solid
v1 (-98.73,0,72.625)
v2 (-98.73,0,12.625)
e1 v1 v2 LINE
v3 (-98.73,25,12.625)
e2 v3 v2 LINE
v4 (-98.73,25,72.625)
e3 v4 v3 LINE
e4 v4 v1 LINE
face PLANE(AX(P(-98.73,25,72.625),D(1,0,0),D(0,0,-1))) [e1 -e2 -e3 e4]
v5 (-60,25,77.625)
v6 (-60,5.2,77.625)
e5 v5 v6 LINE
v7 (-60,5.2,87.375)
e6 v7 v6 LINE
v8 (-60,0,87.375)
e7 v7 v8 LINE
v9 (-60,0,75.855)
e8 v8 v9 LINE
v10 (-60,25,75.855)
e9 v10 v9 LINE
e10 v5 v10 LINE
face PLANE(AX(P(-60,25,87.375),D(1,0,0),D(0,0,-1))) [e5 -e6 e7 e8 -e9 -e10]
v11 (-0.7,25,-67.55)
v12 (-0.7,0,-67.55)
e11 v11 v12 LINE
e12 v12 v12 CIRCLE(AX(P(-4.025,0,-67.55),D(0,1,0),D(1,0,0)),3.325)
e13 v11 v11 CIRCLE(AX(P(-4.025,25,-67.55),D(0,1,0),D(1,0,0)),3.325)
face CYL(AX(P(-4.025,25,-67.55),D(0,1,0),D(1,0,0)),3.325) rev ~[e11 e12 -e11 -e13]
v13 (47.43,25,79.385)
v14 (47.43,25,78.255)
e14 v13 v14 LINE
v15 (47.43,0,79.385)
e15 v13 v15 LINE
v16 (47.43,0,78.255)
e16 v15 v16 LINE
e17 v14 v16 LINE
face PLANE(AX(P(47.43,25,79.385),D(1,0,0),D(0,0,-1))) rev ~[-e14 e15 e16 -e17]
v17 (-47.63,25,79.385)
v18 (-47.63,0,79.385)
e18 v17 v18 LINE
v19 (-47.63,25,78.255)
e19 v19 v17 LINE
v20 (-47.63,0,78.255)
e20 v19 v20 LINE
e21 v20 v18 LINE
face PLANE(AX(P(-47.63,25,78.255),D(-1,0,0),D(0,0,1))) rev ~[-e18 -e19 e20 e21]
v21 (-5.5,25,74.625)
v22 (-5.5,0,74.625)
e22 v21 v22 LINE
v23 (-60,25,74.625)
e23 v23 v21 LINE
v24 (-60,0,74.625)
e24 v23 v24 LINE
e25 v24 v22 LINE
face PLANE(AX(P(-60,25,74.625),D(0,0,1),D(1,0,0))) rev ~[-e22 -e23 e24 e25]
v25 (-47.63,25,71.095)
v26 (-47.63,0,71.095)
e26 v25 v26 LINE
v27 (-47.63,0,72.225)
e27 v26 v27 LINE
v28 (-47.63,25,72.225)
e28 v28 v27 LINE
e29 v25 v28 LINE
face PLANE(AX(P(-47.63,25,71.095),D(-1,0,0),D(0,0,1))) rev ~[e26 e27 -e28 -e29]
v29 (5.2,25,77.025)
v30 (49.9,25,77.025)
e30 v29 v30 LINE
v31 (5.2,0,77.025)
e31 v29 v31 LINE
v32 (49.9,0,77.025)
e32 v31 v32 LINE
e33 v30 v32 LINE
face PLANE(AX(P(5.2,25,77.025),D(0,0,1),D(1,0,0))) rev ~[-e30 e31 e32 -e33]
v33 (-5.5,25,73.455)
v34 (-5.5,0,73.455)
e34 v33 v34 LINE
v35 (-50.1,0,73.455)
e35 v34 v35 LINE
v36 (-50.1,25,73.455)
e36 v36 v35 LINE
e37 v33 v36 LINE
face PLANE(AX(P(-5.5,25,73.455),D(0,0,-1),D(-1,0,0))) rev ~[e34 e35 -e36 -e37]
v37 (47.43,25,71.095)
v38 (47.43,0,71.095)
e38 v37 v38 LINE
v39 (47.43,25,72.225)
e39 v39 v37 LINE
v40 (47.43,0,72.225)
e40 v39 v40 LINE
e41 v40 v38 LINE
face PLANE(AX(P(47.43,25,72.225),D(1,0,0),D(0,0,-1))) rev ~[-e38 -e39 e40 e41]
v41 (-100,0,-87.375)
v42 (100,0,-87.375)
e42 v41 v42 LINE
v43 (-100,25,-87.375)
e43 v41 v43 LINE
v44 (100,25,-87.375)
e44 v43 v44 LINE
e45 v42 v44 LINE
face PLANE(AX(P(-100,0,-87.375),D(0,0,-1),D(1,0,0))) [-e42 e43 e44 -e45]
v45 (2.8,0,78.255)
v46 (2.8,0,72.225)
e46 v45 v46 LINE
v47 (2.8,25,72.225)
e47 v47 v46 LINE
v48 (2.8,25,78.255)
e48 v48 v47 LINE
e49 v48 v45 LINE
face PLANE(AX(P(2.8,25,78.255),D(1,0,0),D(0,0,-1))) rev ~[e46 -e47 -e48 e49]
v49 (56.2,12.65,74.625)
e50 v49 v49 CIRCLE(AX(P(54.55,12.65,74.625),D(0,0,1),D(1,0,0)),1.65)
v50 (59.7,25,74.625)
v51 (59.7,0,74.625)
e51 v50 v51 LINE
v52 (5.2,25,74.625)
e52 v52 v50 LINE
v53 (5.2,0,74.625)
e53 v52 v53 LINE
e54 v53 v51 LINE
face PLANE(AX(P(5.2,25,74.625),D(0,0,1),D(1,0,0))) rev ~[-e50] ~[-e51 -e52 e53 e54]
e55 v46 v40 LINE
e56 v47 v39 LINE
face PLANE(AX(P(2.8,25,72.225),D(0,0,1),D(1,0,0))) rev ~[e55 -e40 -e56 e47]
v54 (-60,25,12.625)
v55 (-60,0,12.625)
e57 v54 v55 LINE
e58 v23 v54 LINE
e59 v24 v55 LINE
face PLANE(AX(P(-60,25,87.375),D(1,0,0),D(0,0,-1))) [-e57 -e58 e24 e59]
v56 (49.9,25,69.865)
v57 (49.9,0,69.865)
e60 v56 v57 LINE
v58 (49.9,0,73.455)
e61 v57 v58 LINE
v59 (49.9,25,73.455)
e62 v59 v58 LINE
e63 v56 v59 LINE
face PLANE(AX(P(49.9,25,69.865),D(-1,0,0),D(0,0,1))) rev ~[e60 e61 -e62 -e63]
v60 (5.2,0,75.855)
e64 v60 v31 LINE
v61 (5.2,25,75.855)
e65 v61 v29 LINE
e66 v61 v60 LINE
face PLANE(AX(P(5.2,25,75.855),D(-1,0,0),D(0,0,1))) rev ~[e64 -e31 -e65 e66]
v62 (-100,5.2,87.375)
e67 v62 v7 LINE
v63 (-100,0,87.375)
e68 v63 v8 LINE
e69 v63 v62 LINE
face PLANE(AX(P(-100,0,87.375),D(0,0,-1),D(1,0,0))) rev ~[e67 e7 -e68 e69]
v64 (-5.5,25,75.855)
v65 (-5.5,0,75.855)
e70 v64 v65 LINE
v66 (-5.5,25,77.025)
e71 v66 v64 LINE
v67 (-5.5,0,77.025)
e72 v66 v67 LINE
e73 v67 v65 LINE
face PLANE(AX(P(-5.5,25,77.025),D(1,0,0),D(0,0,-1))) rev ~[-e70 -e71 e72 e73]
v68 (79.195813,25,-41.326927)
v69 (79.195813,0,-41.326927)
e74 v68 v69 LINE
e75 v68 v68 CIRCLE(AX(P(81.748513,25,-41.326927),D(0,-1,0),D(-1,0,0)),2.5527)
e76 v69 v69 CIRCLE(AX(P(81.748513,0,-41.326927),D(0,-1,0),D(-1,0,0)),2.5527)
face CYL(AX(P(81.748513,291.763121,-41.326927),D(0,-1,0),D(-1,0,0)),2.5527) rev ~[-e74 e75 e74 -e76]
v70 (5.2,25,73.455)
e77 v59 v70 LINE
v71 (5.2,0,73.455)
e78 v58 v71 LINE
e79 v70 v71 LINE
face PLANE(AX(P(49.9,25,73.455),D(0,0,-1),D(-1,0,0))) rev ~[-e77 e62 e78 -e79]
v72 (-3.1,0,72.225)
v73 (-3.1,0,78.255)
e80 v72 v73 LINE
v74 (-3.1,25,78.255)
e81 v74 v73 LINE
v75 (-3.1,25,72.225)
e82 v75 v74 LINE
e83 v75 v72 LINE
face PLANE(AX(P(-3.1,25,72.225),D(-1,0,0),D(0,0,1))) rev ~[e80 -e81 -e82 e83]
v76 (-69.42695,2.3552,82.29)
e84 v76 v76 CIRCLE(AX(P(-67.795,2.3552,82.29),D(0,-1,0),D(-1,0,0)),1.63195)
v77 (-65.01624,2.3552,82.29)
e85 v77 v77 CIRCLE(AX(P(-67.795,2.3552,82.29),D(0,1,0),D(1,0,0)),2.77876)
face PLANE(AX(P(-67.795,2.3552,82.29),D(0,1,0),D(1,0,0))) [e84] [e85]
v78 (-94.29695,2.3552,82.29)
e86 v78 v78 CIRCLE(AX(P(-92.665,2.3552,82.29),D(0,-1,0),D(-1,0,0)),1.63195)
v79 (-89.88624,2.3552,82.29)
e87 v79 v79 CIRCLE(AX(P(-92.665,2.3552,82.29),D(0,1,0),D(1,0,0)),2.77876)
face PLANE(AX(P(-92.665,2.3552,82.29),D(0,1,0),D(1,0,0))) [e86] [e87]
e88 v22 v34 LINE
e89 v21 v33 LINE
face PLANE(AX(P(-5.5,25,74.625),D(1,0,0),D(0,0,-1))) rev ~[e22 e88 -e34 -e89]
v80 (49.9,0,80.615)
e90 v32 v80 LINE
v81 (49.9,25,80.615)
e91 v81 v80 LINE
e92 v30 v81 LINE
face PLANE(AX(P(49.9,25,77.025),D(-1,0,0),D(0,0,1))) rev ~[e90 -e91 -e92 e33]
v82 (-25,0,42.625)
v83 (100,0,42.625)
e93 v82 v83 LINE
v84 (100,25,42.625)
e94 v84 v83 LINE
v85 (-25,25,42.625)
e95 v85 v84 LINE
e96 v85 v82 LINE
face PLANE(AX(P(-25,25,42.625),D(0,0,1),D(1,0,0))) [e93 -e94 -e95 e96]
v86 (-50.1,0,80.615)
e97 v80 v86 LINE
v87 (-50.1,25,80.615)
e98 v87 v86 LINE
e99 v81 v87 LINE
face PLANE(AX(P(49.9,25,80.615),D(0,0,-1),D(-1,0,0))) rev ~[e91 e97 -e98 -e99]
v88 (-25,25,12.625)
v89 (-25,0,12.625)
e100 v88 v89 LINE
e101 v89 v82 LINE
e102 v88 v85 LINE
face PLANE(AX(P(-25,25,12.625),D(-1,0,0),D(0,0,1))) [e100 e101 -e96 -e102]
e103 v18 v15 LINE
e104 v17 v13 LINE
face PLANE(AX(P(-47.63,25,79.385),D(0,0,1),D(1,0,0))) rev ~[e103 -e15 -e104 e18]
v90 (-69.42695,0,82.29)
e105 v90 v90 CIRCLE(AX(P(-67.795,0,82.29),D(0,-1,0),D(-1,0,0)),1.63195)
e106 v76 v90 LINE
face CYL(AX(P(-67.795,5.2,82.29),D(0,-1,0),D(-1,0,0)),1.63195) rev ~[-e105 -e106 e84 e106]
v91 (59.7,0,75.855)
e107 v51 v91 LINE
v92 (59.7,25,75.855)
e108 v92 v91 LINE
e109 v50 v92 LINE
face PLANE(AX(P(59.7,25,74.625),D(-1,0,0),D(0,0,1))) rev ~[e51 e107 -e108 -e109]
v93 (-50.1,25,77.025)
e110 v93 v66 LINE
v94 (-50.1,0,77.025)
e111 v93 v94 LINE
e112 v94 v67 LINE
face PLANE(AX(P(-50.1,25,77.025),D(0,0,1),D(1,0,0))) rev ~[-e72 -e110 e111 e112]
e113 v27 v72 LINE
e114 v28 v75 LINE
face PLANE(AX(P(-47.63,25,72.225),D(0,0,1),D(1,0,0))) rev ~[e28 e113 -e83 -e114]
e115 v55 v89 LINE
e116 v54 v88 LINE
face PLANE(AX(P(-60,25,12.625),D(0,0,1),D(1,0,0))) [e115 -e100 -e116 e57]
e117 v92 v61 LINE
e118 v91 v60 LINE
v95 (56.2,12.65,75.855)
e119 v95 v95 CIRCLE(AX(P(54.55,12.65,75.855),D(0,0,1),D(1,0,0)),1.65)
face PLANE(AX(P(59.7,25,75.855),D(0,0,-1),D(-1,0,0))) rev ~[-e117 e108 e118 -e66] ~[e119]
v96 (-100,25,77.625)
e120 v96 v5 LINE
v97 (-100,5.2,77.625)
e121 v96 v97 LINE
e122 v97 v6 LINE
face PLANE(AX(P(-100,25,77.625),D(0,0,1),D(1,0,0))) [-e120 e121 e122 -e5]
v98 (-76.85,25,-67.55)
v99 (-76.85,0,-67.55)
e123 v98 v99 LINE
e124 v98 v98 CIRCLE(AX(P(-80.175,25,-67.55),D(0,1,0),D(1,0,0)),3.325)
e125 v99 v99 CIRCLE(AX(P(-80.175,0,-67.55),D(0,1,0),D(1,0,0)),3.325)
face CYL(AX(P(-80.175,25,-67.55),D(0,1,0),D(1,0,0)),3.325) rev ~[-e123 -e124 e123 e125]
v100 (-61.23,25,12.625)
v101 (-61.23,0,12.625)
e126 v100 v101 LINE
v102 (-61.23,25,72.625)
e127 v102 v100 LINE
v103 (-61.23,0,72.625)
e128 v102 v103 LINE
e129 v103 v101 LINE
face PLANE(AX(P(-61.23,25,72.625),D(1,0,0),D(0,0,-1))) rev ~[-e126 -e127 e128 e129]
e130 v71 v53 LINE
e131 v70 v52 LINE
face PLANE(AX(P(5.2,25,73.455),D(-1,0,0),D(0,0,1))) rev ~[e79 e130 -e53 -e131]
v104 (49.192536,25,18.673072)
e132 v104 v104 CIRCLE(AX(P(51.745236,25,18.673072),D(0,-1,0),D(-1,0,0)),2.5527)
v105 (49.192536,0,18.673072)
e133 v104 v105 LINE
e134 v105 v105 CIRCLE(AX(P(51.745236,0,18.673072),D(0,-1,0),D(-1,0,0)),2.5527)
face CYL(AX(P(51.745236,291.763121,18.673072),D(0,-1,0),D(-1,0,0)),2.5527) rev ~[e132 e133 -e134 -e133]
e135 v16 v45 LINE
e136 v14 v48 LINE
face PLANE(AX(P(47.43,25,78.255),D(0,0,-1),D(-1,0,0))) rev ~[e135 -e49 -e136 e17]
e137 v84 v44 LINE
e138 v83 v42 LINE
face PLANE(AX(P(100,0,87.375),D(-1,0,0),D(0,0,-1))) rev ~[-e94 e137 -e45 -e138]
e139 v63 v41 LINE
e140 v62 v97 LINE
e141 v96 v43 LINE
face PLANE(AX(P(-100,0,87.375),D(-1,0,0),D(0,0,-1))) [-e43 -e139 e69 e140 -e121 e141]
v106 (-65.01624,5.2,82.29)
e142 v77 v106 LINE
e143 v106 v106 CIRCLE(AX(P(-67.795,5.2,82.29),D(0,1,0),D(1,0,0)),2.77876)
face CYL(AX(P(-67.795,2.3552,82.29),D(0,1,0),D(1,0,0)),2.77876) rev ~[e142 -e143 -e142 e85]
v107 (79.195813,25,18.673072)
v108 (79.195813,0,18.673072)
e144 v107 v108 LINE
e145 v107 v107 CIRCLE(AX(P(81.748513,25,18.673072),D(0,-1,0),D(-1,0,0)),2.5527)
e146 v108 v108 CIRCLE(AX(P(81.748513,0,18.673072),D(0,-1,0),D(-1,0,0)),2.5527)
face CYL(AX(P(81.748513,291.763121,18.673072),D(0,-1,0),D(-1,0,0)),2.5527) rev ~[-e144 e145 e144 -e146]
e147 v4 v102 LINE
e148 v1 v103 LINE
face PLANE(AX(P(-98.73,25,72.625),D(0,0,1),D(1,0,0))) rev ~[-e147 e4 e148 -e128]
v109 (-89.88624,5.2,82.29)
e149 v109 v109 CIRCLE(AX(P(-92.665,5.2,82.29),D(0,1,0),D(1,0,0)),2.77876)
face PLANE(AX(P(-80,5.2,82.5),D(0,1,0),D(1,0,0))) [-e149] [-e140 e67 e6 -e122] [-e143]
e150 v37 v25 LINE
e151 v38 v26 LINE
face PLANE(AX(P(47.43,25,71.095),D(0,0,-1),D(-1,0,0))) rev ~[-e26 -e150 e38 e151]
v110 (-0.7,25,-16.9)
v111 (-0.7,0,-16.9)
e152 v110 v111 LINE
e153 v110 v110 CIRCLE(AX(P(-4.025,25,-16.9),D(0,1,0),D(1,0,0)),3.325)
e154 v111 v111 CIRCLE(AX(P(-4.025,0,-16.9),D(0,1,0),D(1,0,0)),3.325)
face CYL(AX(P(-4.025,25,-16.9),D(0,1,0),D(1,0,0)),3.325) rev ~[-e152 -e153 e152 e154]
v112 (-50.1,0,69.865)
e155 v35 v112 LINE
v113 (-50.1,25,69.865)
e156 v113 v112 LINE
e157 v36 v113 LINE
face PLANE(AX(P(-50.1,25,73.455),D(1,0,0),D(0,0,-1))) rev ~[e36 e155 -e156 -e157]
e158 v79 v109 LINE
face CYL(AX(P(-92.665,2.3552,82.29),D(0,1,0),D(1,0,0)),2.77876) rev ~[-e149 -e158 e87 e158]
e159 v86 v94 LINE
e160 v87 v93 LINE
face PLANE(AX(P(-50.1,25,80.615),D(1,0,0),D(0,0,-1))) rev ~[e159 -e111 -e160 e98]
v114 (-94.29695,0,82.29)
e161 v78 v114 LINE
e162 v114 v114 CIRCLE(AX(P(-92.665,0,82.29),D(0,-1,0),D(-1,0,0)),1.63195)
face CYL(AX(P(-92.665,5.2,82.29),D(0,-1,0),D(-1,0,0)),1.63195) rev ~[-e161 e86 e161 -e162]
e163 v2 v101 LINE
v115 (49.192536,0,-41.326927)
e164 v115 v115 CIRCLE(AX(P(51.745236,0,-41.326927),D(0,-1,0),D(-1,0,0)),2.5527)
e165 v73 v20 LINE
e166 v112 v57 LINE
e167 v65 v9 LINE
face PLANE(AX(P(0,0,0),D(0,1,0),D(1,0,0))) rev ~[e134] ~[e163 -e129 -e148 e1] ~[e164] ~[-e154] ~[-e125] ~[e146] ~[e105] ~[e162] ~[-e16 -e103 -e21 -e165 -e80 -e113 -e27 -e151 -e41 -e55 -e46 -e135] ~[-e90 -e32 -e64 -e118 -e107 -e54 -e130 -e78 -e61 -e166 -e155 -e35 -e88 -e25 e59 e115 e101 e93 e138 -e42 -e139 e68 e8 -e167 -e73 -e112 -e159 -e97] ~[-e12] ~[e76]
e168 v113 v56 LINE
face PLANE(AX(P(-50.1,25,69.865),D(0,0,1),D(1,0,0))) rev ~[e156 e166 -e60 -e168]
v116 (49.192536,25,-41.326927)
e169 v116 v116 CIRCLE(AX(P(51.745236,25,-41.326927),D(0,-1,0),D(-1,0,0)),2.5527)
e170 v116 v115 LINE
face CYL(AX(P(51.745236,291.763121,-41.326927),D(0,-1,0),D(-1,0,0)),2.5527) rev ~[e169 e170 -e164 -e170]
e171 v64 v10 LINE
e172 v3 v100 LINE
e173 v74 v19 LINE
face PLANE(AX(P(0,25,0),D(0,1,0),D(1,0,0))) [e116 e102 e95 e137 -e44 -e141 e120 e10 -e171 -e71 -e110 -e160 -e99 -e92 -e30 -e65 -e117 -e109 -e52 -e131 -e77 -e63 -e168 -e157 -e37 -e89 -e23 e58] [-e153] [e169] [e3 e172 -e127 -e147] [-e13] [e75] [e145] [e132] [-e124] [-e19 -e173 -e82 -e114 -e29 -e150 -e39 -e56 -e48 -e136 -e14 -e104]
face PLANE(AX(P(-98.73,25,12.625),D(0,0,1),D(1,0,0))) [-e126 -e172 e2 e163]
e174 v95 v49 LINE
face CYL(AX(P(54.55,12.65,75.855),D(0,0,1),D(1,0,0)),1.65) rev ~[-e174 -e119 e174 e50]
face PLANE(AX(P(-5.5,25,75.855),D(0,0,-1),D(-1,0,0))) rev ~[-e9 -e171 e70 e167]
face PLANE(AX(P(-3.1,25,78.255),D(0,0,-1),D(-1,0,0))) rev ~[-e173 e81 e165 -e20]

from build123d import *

# Parameters (mm, degrees)
SKETCH1_W                                      = 200
SKETCH1_H                                      = 174.75
BOSS_EXTRUDE1_DEPTH                            = 25
SKETCH2_W                                      = 40
SKETCH2_H                                      = 9.75
CUT_EXTRUDE1_DEPTH                             = 19.8
SKETCH3_W                                      = 37.5
SKETCH3_H                                      = 60
CUT_EXTRUDE2_DEPTH                             = 26
BOSS_EXTRUDE2_DEPTH                            = 25
SKETCH5_R                                      = 1.65
CUT_EXTRUDE3_DEPTH                             = 1.23
SKETCH6_R                                      = 3.325
CUT_EXTRUDE4_DEPTH                             = 26
SKETCH7_R                                      = 0.685
CUT_EXTRUDE5_DEPTH                             = 6.2
F_1_4_20_TAPPED_HOLE1_D                        = 5.1054
CBORE_FOR_4_SOCKET_HEAD_CAP_SCREW1_D           = 3.2639
CBORE_FOR_4_SOCKET_HEAD_CAP_SCREW1_CBORE_D     = 5.55752
CBORE_FOR_4_SOCKET_HEAD_CAP_SCREW1_CBORE_DEPTH = 2.8448


with BuildPart() as part:
    # Sketch1 → Boss-Extrude1 (new body)
    with BuildSketch(Plane(origin=(0, 0, 0), x_dir=(1, 0, 0), z_dir=(0, 1, 0))):
        Rectangle(SKETCH1_W, SKETCH1_H)
    extrude(amount=BOSS_EXTRUDE1_DEPTH)

    # Sketch2 → Cut-Extrude1 (cut)
    with BuildSketch(Plane(origin=(0, 25, 0), x_dir=(1, 0, 0), z_dir=(0, 1, 0))):
        with Locations((-80, -82.5)):
            Rectangle(SKETCH2_W, SKETCH2_H)
    extrude(amount=-CUT_EXTRUDE1_DEPTH, mode=Mode.SUBTRACT)

    # Sketch3 → Cut-Extrude2 (cut, through all)
    with BuildSketch(Plane(origin=(0, 25, 0), x_dir=(1, 0, 0), z_dir=(0, 1, 0))):
        with Locations((-79.98, -42.625)):
            Rectangle(SKETCH3_W, SKETCH3_H)
        Polygon((-25, -42.625), (100, -42.625), (100, -87.375), (-60, -87.375), (-60, -12.625), (-25, -12.625), align=None)
    extrude(amount=-CUT_EXTRUDE2_DEPTH, mode=Mode.SUBTRACT)

    # Sketch4 → Boss-Extrude2 (add)
    with BuildSketch(Plane(origin=(0, 25, 0), x_dir=(1, 0, 0), z_dir=(0, 1, 0))):
        Polygon((-60, -74.625), (-5.5, -74.625), (-5.5, -73.455), (-50.1, -73.455), (-50.1, -69.865), (49.9, -69.865), (49.9, -73.455), (5.2, -73.455), (5.2, -74.625), (59.7, -74.625), (59.7, -75.855), (5.2, -75.855), (5.2, -77.025), (49.9, -77.025), (49.9, -80.615), (-50.1, -80.615), (-50.1, -77.025), (-5.5, -77.025), (-5.5, -75.855), (-60, -75.855), align=None)
        Polygon((-3.1, -72.225), (-3.1, -78.255), (-47.63, -78.255), (-47.63, -79.385), (47.43, -79.385), (47.43, -78.255), (2.8, -78.255), (2.8, -72.225), (47.43, -72.225), (47.43, -71.095), (-47.63, -71.095), (-47.63, -72.225), align=None, mode=Mode.SUBTRACT)
    extrude(amount=-BOSS_EXTRUDE2_DEPTH)

    # Sketch5 → Cut-Extrude3 (cut)
    with BuildSketch(Plane.XY.offset(75.855)):
        with Locations((54.55, 12.65)):
            Circle(SKETCH5_R)
    extrude(amount=-CUT_EXTRUDE3_DEPTH, mode=Mode.SUBTRACT)

    # Sketch6 → Cut-Extrude4 (cut, through all)
    with BuildSketch(Plane(origin=(0, 25, 0), x_dir=(1, 0, 0), z_dir=(0, 1, 0))):
        with Locations((-80.175, 67.55)):
            Circle(SKETCH6_R)
        with Locations((-4.025, 67.55)):
            Circle(SKETCH6_R)
        with Locations((-4.025, 16.9)):
            Circle(SKETCH6_R)
    extrude(amount=-CUT_EXTRUDE4_DEPTH, mode=Mode.SUBTRACT)

    # Sketch7 → Cut-Extrude5 (cut, through all)
    with BuildSketch(Plane(origin=(0, 5.2, 0), x_dir=(1, 0, 0), z_dir=(0, 1, 0))):
        with Locations((-92.665, -82.29)):
            Circle(SKETCH7_R)
        with Locations((-67.795, -82.29)):
            Circle(SKETCH7_R)
    extrude(amount=-CUT_EXTRUDE5_DEPTH, mode=Mode.SUBTRACT)

    # 1/4-20 Tapped Hole1 (through all)
    with Locations(Plane(origin=(0, 25, 0), x_dir=(1, 0, 0), z_dir=(0, 1, 0))):
        with Locations((51.745235504, 41.326927492), (81.748513239, 41.326927492), (81.748513239, -18.673072418), (51.745235504, -18.673072418)):
            Hole(F_1_4_20_TAPPED_HOLE1_D / 2)

    # CBORE for #4 Socket Head Cap Screw1 (through all)
    with Locations(Plane(origin=(0, 5.2, 0), x_dir=(1, 0, 0), z_dir=(0, 1, 0))):
        with Locations((-92.665, -82.29), (-67.795, -82.29)):
            CounterBoreHole(CBORE_FOR_4_SOCKET_HEAD_CAP_SCREW1_D / 2, CBORE_FOR_4_SOCKET_HEAD_CAP_SCREW1_CBORE_D / 2, CBORE_FOR_4_SOCKET_HEAD_CAP_SCREW1_CBORE_DEPTH)


solid = part.part
